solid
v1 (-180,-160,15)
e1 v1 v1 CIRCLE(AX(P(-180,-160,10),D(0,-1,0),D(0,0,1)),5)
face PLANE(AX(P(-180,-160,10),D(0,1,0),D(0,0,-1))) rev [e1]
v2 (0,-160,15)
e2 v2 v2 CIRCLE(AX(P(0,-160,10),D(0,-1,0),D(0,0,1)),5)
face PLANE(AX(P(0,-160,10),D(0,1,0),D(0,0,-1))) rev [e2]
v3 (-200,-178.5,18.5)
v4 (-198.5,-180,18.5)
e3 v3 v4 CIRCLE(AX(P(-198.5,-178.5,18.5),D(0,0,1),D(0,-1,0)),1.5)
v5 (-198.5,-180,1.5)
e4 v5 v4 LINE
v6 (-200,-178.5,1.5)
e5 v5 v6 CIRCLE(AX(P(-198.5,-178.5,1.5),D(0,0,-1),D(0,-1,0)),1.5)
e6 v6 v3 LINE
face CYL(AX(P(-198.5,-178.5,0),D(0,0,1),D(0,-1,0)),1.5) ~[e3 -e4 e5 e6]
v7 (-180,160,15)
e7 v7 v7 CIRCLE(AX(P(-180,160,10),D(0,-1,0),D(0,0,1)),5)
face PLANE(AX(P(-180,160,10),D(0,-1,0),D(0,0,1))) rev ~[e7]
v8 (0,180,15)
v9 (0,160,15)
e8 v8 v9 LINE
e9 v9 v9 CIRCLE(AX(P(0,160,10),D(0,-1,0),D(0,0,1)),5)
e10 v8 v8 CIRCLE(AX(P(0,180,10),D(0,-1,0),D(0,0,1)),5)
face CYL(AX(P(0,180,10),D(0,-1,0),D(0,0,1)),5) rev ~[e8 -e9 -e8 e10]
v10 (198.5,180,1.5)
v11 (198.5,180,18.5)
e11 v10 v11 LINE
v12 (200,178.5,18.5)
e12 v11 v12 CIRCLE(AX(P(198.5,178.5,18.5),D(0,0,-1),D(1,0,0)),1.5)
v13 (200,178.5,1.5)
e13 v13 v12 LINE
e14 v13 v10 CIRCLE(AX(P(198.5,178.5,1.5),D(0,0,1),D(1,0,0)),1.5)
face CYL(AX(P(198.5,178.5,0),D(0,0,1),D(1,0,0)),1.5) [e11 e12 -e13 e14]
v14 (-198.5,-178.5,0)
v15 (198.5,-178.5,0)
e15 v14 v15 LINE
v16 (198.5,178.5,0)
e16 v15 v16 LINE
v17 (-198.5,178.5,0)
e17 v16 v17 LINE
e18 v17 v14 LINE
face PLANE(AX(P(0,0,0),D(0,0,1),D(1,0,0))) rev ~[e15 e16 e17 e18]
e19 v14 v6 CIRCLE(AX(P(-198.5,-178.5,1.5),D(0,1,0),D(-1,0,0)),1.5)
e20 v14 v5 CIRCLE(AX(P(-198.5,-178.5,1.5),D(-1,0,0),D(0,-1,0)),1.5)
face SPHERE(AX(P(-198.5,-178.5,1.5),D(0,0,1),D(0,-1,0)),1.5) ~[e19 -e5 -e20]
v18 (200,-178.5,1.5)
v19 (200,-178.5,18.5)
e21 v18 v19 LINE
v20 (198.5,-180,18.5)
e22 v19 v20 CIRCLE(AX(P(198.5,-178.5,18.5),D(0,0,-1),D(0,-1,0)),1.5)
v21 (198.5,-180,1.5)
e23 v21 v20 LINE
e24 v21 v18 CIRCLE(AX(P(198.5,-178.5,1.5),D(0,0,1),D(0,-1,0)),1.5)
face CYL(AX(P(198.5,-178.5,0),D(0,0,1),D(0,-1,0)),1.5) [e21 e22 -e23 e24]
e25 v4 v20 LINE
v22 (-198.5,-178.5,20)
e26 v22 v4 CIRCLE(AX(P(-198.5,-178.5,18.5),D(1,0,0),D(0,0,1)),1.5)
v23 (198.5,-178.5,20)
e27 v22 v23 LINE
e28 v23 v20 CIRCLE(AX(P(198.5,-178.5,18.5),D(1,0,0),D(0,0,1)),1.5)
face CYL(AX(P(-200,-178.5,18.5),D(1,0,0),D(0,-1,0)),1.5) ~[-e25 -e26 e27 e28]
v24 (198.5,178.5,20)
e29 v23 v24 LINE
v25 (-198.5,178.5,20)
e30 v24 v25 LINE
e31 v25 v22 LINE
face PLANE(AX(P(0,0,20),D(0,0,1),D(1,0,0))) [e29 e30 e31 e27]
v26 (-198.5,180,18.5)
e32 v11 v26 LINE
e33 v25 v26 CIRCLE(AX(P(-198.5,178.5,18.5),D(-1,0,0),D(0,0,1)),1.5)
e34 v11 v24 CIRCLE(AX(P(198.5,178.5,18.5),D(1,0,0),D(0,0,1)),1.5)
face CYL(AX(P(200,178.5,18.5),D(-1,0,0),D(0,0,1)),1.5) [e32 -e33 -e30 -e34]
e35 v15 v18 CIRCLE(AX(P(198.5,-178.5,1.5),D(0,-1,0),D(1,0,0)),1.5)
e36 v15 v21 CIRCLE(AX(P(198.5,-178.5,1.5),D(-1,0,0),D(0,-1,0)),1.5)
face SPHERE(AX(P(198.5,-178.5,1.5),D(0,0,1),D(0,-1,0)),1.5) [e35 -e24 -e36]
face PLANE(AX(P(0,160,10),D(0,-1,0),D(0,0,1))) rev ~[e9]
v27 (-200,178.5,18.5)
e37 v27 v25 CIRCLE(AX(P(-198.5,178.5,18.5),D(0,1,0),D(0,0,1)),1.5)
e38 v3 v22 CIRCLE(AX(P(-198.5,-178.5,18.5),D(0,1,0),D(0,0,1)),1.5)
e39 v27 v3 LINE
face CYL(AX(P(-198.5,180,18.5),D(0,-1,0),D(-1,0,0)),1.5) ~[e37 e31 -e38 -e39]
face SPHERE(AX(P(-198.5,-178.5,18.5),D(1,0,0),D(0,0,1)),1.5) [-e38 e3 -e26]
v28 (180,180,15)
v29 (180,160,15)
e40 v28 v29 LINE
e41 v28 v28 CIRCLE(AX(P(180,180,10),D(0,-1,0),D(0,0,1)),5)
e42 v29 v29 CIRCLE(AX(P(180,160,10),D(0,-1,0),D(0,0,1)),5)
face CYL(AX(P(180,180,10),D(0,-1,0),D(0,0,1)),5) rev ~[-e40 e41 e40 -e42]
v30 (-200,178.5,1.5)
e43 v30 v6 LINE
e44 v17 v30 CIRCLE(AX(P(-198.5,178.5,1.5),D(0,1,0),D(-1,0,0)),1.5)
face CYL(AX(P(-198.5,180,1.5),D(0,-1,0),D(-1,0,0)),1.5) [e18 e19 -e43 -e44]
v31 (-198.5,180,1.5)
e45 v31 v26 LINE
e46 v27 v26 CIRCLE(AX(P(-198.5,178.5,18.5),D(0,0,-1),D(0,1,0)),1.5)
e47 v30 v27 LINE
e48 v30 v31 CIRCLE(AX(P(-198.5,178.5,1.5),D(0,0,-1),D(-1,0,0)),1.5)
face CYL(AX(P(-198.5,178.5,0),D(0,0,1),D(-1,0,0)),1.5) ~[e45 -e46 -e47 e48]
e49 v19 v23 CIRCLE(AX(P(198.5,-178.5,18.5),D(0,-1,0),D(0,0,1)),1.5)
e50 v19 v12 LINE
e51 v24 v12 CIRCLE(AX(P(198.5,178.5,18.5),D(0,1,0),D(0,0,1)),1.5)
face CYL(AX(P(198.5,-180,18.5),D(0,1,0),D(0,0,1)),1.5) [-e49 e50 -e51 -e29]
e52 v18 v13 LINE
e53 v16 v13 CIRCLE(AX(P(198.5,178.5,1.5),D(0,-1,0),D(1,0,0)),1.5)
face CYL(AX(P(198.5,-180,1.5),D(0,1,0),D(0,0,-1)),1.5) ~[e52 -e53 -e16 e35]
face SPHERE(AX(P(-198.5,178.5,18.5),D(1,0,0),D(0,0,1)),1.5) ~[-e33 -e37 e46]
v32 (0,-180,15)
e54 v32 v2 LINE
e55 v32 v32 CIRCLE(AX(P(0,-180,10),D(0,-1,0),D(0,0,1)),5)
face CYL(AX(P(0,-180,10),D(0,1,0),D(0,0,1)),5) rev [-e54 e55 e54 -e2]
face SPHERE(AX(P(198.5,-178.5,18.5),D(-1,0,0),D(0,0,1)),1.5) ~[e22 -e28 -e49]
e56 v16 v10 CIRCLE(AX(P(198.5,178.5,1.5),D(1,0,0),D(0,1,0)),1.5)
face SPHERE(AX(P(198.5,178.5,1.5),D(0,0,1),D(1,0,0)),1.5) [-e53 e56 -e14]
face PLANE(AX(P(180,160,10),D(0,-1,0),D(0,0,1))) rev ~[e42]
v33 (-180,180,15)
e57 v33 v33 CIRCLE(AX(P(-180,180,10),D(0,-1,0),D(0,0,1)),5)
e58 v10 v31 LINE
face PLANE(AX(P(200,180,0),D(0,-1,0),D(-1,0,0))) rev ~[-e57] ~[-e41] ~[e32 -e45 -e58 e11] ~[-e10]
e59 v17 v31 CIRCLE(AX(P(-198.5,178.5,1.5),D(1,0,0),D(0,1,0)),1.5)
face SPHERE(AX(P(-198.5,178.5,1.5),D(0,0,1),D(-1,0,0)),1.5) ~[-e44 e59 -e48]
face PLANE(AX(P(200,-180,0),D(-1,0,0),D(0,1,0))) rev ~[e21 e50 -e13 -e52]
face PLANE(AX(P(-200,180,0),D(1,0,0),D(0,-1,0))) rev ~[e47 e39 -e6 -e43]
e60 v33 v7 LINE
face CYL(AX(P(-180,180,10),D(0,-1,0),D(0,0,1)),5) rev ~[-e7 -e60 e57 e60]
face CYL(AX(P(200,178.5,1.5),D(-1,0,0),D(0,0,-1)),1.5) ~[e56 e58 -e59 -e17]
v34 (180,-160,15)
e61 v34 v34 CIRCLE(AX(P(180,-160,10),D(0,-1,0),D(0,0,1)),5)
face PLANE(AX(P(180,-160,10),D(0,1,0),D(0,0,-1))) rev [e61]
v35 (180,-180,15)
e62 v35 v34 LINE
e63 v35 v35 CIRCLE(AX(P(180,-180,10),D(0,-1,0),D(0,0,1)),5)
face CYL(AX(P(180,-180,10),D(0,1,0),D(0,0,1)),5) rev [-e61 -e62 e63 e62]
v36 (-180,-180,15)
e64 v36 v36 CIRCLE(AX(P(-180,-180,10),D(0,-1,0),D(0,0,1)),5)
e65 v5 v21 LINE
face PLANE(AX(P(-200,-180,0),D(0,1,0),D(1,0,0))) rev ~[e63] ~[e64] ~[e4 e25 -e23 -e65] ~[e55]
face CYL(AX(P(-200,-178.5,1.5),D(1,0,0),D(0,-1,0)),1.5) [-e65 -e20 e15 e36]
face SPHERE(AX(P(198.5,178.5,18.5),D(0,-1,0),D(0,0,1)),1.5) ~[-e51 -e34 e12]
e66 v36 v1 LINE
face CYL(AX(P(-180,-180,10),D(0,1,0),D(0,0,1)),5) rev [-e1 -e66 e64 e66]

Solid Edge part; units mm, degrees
sketch "Sketch1" plane through (0, 0, 0) normal (0, 0, 1) x (1, 0, 0)
  line L0 (-200, -180) -> (200, -180)
  line L1 (200, -180) -> (200, 180)
  line L2 (200, 180) -> (-200, 180)
  line L3 (-200, 180) -> (-200, -180)
extrude "Protrusion1" add sketch "Sketch1" along normal blind 20
hole "Hole_1" at (-180, 180, 10) direction (0, -1, 0) diameter 10 depth 20
hole "Hole1" at (0, 180, 10) direction (0, -1, 0) diameter 10 depth 20
hole "Hole2" at (180, 180, 10) direction (0, -1, 0) diameter 10 depth 20
mirror "Mirror1" about plane through (0, 0, 0) normal (0, -1, 0) of "Hole_1", "Hole1", "Hole2"
fillet "Round_1" radius 1.5 12 edges at (0, -180, 20) (200, 0, 20) (0, 180, 20) (-200, 0, 20) (200, 180, 10) (200, -180, 10) (-200, 180, 10) (-200, -180, 10) (0, -180, 0) (-200, 0, 0) (200, 0, 0) (0, 180, 0)
properties material "Wood, Oak"
